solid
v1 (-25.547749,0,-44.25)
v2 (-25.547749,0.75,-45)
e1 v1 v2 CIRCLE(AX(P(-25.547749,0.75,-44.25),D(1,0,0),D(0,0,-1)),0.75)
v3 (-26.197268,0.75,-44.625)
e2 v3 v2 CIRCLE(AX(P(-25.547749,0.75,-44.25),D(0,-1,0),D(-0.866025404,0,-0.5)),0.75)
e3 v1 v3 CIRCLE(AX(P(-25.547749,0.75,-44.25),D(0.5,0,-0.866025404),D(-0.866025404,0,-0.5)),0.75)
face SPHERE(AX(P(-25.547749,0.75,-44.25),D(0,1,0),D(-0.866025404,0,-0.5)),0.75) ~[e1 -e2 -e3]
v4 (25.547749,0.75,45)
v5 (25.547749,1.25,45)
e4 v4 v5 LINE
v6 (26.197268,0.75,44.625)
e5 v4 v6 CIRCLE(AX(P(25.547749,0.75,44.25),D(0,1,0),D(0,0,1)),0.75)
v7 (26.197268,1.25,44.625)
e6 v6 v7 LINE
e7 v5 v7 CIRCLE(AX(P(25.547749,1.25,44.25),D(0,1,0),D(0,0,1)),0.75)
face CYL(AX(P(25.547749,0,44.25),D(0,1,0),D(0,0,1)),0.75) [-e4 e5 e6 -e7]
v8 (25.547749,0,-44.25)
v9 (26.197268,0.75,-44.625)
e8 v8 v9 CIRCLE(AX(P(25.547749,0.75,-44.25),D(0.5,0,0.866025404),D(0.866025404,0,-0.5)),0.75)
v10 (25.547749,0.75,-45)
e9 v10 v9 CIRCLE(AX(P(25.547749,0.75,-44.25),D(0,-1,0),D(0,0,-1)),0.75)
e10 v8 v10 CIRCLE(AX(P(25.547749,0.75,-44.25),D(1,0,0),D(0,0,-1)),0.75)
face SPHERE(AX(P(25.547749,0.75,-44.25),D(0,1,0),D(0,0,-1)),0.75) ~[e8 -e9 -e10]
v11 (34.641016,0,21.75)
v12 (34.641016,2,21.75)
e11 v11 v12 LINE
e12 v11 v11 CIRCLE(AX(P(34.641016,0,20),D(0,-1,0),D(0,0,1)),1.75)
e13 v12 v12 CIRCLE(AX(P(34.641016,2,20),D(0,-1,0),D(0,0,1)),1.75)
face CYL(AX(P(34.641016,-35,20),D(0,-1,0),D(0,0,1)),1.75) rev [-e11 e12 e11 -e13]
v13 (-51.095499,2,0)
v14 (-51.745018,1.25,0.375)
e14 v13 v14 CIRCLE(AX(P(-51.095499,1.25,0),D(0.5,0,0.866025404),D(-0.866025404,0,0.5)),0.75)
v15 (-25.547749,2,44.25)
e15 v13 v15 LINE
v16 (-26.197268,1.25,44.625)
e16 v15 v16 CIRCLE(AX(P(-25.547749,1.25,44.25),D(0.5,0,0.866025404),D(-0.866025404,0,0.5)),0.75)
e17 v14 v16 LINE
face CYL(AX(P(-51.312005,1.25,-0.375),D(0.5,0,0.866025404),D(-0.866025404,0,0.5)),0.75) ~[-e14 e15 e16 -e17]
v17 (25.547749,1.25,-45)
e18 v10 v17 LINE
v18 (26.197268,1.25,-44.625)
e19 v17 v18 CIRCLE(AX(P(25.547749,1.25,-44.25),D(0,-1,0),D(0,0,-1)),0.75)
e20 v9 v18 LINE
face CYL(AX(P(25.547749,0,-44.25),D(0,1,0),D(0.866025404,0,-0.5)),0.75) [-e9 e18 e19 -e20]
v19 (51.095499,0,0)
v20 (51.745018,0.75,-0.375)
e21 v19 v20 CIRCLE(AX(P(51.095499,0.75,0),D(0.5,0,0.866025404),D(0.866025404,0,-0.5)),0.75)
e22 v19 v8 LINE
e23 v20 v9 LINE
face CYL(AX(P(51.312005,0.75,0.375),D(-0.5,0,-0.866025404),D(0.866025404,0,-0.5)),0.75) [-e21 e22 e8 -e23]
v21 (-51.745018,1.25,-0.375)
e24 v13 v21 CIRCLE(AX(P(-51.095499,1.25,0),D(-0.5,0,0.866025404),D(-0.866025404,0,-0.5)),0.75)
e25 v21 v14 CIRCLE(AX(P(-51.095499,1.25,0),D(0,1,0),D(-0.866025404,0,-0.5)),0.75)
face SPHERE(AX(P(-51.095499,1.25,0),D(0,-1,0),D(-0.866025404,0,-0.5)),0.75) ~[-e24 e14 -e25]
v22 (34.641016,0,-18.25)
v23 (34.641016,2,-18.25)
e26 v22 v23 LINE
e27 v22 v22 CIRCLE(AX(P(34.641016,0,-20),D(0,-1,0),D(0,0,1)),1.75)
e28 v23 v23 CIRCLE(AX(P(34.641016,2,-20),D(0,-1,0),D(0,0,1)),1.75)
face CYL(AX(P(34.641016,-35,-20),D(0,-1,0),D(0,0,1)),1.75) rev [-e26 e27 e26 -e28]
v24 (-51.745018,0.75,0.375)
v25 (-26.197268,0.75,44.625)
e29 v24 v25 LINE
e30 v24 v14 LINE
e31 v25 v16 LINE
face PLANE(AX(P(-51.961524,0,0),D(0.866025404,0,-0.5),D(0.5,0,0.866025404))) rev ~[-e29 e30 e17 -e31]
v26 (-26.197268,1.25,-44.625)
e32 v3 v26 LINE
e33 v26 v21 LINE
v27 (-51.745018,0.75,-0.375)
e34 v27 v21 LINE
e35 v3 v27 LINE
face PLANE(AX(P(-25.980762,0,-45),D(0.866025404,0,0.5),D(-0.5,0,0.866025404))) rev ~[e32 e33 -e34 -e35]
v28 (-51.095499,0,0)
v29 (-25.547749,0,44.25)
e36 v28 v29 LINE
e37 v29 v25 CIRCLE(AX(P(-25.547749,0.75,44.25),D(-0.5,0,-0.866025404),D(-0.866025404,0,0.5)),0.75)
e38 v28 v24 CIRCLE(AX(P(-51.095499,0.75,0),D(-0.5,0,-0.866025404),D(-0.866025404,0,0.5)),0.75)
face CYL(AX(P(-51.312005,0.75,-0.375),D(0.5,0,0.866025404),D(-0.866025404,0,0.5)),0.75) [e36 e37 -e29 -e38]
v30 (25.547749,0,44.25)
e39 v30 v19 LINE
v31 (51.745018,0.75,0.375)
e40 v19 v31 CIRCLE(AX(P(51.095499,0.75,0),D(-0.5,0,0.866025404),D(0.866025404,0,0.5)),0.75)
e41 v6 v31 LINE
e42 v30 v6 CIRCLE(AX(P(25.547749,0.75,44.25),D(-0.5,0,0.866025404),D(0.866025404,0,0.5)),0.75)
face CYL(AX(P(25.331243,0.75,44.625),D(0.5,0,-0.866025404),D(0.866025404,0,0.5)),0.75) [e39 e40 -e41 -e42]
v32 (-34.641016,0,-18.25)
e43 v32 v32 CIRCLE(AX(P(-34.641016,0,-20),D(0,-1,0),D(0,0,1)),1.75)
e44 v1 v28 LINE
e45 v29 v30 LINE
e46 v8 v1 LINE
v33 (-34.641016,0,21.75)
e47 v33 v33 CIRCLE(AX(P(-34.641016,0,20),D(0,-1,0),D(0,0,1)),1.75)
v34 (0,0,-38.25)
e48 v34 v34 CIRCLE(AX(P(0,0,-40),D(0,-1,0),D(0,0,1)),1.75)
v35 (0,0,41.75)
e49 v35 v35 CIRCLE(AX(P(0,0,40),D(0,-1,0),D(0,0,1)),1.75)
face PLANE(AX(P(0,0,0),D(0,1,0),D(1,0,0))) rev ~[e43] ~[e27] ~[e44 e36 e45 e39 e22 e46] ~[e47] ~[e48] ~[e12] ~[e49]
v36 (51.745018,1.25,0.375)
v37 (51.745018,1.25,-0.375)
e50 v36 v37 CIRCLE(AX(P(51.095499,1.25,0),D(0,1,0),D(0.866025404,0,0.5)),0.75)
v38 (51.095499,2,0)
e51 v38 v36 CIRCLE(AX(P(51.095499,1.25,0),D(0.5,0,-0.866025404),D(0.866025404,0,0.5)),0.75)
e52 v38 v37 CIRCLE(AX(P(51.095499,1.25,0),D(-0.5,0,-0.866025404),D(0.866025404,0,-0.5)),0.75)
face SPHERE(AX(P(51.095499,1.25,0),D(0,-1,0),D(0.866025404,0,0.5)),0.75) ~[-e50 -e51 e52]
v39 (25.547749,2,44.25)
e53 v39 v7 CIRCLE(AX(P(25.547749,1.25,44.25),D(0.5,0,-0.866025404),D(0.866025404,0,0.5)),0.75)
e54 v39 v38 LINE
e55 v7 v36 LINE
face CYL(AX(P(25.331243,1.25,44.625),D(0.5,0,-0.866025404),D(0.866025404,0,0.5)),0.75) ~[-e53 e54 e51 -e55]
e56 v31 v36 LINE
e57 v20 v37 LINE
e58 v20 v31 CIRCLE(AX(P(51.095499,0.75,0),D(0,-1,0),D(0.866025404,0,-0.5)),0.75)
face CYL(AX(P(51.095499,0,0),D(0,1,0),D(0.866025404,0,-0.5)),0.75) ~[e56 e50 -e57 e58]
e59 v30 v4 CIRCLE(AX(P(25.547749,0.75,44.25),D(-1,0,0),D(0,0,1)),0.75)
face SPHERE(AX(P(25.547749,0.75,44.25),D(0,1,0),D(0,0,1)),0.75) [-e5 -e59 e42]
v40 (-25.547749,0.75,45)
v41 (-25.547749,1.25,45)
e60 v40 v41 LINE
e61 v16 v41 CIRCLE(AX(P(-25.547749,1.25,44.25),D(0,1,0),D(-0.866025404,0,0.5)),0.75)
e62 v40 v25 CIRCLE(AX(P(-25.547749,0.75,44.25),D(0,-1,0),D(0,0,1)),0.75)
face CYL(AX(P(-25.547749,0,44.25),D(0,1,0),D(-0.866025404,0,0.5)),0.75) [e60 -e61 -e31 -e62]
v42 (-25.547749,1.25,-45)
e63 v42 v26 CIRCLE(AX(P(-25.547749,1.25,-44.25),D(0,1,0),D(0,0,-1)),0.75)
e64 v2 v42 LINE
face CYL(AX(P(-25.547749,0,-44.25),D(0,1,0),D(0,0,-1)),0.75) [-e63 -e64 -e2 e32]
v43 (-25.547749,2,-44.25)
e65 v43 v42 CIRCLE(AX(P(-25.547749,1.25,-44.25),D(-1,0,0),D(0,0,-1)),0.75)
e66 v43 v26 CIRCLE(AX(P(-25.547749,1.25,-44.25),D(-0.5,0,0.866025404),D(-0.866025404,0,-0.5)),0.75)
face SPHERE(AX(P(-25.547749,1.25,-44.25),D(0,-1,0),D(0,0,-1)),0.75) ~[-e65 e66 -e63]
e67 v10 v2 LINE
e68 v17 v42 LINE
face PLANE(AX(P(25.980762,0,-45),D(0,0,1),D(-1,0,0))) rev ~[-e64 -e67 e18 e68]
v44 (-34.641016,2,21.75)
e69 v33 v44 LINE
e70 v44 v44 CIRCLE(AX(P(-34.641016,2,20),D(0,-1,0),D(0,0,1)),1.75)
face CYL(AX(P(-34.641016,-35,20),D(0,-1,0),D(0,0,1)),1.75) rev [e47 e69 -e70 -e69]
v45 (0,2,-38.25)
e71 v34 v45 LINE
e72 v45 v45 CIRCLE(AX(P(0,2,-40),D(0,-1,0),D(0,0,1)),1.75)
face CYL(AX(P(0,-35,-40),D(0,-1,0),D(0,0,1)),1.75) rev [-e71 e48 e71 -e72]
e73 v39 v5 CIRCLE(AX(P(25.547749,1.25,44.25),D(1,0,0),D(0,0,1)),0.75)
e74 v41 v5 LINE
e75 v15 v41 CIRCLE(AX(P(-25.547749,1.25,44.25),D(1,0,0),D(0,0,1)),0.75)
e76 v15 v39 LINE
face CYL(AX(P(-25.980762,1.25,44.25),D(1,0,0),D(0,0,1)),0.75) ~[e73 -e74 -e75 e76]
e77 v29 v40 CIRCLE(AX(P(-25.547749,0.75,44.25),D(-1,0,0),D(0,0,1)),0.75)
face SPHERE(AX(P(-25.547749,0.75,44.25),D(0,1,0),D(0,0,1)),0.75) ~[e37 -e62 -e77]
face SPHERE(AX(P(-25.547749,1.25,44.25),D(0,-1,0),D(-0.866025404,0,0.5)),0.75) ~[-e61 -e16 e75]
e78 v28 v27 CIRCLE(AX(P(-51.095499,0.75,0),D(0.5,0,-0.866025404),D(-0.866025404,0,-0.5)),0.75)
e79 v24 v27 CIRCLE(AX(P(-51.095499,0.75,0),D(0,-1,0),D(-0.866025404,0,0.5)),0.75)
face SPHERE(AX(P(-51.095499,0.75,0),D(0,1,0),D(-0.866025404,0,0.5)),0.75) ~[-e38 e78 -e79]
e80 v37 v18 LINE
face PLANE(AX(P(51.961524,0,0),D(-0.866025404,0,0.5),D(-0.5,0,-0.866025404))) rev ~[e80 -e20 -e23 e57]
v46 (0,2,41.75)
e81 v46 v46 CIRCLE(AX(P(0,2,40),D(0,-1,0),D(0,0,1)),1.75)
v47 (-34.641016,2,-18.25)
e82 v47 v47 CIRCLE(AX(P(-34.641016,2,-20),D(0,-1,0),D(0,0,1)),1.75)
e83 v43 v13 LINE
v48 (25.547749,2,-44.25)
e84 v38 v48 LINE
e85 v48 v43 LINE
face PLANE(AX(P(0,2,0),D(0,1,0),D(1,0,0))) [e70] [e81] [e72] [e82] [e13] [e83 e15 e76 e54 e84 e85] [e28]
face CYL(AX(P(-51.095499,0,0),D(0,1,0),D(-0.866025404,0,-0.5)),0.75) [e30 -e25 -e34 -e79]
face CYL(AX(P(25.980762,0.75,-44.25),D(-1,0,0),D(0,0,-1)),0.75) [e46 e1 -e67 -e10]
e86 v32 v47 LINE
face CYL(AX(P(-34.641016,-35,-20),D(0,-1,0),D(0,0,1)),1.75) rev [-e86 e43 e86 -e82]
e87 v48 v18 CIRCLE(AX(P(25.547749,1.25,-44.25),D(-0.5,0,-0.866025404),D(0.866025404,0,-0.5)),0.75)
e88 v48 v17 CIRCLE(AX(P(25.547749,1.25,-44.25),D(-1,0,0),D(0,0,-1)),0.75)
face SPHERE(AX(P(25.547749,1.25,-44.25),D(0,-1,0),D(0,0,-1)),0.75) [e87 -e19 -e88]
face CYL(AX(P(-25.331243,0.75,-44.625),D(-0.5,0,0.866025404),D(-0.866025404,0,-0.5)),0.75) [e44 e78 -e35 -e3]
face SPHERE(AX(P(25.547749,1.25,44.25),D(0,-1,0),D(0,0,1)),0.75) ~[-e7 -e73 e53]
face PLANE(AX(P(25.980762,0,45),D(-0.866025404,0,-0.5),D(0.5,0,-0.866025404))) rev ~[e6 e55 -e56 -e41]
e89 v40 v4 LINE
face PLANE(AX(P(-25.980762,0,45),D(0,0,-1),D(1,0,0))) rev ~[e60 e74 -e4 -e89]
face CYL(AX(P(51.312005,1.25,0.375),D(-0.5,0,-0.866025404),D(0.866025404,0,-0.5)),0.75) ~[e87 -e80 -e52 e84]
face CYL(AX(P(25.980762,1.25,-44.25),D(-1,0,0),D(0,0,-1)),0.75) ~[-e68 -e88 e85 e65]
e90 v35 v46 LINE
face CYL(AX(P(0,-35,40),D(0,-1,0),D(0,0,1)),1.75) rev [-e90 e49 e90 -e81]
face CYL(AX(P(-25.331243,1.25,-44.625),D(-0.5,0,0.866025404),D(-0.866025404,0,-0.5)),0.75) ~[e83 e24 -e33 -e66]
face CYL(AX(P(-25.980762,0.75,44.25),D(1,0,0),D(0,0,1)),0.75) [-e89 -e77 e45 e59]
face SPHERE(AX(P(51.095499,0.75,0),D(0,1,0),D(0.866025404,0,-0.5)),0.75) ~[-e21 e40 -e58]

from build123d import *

# Parameters (mm, degrees)
BOSS_EXTRUDE1_DEPTH     = 2
FILLET3_R               = 0.75
CUT_EXTRUDE2_DEPTH      = 69.680097177
CUT_EXTRUDE2_DEPTH_BACK = 35
SKETCH3_R               = 1.75


with BuildPart() as part:
    # Sketch2 → Boss-Extrude1 (new body)
    with BuildSketch(Plane(origin=(0, 0, 0), x_dir=(1, 0, 0), z_dir=(0, 1, 0))):
        Polygon((51.961524227, 0), (25.980762114, 45), (-25.980762114, 45), (-51.961524227, 0), (-25.980762114, -45), (25.980762114, -45), align=None)
    extrude(amount=BOSS_EXTRUDE1_DEPTH)

    # Fillet3
    fillet3_edges = [part.edges().sort_by_distance(p)[0] for p in [
        (25.980762114, 1, 45),
        (51.961524227, 1, 0),
        (25.980762114, 1, -45),
        (-25.980762114, 1, 45),
        (-25.980762114, 1, -45),
        (-51.961524227, 1, 0),
        (38.97114317, 0, -22.5),
        (0, 0, -45),
        (-38.97114317, 0, -22.5),
        (-38.97114317, 0, 22.5),
        (0, 0, 45),
        (38.97114317, 0, 22.5),
        (0, 2, 45),
        (-38.97114317, 2, 22.5),
        (-38.97114317, 2, -22.5),
        (0, 2, -45),
        (38.97114317, 2, -22.5),
        (38.97114317, 2, 22.5),
    ]]
    fillet(fillet3_edges, radius=FILLET3_R)

    # Sketch3 → Cut-Extrude2 (cut, two sides: drawn at the far end of the back side and taken through both)
    with BuildSketch(Plane(origin=(0, 0, 0), x_dir=(1, 0, 0), z_dir=(0, 1, 0)).offset(-CUT_EXTRUDE2_DEPTH_BACK)):
        with Locations((0, 40)):
            Circle(SKETCH3_R)
        with Locations((34.641016151, 20)):
            Circle(SKETCH3_R)
        with Locations((34.641016151, -20)):
            Circle(SKETCH3_R)
        with Locations((0, -40)):
            Circle(SKETCH3_R)
        with Locations((-34.641016151, -20)):
            Circle(SKETCH3_R)
        with Locations((-34.641016151, 20)):
            Circle(SKETCH3_R)
    extrude(amount=CUT_EXTRUDE2_DEPTH + CUT_EXTRUDE2_DEPTH_BACK, mode=Mode.SUBTRACT)


solid = part.part
